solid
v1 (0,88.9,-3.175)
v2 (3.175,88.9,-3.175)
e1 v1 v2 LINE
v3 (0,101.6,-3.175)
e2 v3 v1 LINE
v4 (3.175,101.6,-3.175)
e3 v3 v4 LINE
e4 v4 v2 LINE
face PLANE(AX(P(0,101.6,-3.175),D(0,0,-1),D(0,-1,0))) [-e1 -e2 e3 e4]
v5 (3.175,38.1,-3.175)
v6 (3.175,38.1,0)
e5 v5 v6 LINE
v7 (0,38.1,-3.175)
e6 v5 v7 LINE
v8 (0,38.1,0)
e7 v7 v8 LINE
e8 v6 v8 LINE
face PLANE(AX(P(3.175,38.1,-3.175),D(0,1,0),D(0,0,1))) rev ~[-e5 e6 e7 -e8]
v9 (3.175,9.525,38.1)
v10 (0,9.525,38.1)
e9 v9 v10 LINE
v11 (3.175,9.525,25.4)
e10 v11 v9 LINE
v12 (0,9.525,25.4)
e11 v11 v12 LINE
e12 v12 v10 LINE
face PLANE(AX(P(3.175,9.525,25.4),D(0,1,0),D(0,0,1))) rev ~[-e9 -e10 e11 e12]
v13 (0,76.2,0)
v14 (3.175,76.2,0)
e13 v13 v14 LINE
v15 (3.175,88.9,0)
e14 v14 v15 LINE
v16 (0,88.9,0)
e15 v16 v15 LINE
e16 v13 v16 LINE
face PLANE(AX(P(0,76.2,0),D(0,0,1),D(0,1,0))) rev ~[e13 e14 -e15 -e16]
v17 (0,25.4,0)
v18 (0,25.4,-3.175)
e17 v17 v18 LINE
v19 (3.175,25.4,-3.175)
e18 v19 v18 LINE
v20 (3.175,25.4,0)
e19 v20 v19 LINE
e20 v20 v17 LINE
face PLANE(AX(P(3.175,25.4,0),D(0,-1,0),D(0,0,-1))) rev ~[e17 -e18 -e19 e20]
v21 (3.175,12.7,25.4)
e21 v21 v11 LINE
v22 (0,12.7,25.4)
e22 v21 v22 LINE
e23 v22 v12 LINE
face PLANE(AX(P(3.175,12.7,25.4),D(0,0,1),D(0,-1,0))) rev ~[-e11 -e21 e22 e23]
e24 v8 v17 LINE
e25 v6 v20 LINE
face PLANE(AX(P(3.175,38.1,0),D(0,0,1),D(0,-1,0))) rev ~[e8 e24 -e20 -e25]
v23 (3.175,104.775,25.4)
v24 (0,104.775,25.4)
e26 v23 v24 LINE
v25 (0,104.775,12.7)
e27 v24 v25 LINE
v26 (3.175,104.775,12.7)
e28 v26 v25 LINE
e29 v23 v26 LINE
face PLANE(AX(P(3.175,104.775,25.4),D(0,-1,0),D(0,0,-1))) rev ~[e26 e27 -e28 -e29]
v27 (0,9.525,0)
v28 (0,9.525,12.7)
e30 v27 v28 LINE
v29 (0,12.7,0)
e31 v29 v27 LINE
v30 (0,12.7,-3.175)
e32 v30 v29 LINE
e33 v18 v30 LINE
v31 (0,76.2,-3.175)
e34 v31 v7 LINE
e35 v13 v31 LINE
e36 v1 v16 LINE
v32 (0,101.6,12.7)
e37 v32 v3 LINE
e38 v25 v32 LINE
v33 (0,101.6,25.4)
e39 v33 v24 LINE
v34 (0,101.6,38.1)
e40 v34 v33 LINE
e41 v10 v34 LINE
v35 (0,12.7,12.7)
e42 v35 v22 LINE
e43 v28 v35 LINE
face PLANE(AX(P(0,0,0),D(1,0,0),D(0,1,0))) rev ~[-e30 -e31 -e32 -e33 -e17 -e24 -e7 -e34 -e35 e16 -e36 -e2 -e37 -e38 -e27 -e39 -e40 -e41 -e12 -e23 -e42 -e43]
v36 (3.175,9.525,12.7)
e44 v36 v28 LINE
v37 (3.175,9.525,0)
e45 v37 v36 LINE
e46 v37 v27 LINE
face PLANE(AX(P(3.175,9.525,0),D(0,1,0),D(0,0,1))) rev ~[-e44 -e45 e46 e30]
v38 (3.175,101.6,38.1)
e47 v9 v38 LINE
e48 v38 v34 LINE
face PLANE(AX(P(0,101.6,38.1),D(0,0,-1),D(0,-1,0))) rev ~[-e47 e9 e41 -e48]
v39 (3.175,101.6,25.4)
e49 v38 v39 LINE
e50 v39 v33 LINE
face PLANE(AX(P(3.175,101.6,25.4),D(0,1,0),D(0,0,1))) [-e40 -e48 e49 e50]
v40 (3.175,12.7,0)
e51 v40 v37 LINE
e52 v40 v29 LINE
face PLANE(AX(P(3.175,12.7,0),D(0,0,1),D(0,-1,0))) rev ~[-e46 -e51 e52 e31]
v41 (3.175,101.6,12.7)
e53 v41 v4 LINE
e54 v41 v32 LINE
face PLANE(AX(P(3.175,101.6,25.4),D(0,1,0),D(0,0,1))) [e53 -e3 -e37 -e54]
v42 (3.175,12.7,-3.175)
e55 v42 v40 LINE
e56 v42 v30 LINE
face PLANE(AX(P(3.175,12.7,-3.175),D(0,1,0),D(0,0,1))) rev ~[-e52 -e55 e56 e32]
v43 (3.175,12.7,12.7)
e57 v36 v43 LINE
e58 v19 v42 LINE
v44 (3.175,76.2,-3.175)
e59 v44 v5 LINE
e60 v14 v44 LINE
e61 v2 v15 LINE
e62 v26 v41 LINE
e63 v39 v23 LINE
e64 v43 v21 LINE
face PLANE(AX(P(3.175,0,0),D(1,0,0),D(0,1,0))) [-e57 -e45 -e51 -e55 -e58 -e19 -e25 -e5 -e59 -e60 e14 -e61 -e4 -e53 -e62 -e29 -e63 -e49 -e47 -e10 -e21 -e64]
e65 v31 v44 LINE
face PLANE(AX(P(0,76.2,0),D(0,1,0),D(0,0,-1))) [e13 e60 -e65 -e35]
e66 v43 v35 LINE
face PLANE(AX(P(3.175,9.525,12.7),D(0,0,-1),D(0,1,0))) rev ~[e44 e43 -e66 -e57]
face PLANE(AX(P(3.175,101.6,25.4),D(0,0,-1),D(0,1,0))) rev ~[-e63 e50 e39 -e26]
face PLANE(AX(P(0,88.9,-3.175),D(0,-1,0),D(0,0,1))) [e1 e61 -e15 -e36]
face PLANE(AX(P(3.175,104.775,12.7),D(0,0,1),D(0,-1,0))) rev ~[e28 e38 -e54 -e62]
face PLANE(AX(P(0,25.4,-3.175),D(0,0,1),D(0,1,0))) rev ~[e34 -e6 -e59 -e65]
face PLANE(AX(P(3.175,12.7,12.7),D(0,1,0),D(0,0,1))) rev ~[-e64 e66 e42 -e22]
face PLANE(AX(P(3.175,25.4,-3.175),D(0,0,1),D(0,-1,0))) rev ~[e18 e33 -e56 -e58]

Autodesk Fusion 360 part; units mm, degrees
sketch "Sketch1" plane through (0, 0, 0) normal (1, 0, 0) x (0, 1, 0)
  line L0 (0, 0) -> (101.6, 0)
  line L1 (101.6, 0) -> (101.6, 38.1)
  line L2 (101.6, 38.1) -> (0, 38.1)
  line L3 (0, 38.1) -> (0, 0)
  line L4 (0, 0) -> (0, -3.175)
  line L5 (0, -3.175) -> (12.7, -3.175)
  line L6 (12.7, -3.175) -> (12.7, 0)
  line L7 (12.7, 0) -> (25.4, 0)
  line L8 (25.4, 0) -> (25.4, -3.175)
  line L9 (25.4, -3.175) -> (38.1, -3.175)
  line L10 (38.1, -3.175) -> (38.1, 0)
  line L11 (101.6, 0) -> (101.6, -3.175)
  line L12 (101.6, -3.175) -> (88.9, -3.175)
  line L13 (88.9, -3.175) -> (88.9, 0)
  line L14 (88.9, 0) -> (76.2, 0)
  line L15 (76.2, 0) -> (76.2, -3.175)
  line L16 (76.2, -3.175) -> (63.5, -3.175)
  line L17 (63.5, -3.175) -> (63.5, 0)
  line L18 (101.6, 0) -> (104.775, 0)
  line L19 (104.775, 0) -> (104.775, 12.7)
  line L20 (104.775, 12.7) -> (101.6, 12.7)
  line L21 (101.6, 38.1) -> (104.775, 38.1)
  line L22 (104.775, 38.1) -> (104.775, 25.4)
  line L23 (104.775, 25.4) -> (101.6, 25.4)
  line L24 (0, 38.1) -> (-3.175, 38.1)
  line L25 (-3.175, 38.1) -> (-3.175, 25.4)
  line L26 (-3.175, 25.4) -> (0, 25.4)
  line L27 (0, 0) -> (-3.175, 0)
  line L28 (-3.175, 0) -> (-3.175, 12.7)
  line L29 (-3.175, 12.7) -> (0, 12.7)
  dimension "d1" = 101.6
  dimension "d2" = 38.1
  dimension "d3" = 3.175
  dimension "d4" = 12.7
  dimension "d5" = 12.7
  dimension "d6" = 3.175
  dimension "d7" = 12.7
  dimension "d8" = 3.175
  dimension "d9" = 12.7
  dimension "d10" = 12.7
  dimension "d11" = 3.175
  dimension "d12" = 12.7
  dimension "d13" = 3.175
  dimension "d14" = 12.7
  dimension "d15" = 3.175
  dimension "d16" = 12.7
  dimension "d17" = 3.175
  dimension "d18" = 12.7
  dimension "d19" = 3.175
  dimension "d20" = 12.7
extrude "Extrude1" add sketch "Sketch1" along normal blind 3.175
sketch "Sketch2" plane through (3.175, 0, 0) normal (1, 0, 0) x (0, 1, 0)
  line L0 (0, 0) -> (0, -3.175)
  line L1 (0, -3.175) -> (12.7, -3.175)
  line L2 (12.7, -3.175) -> (12.7, 0)
  line L3 (12.7, 0) -> (25.4, 0)
  line L4 (25.4, 0) -> (25.4, -3.175)
  line L5 (25.4, -3.175) -> (38.1, -3.175)
  line L6 (38.1, -3.175) -> (38.1, 0)
  line L7 (38.1, 0) -> (63.5, 0)
  line L8 (63.5, 0) -> (63.5, -3.175)
  line L9 (63.5, -3.175) -> (76.2, -3.175)
  line L10 (76.2, -3.175) -> (76.2, 0)
  line L11 (76.2, 0) -> (88.9, 0)
  line L12 (88.9, 0) -> (88.9, -3.175)
  line L13 (88.9, -3.175) -> (101.6, -3.175)
  line L14 (101.6, -3.175) -> (101.6, 0)
  line L15 (101.6, 0) -> (104.775, 0)
  line L16 (104.775, 0) -> (104.775, 12.7)
  line L17 (104.775, 12.7) -> (101.6, 12.7)
  line L18 (101.6, 12.7) -> (101.6, 25.4)
  line L19 (101.6, 25.4) -> (104.775, 25.4)
  line L20 (104.775, 25.4) -> (104.775, 38.1)
  line L21 (104.775, 38.1) -> (-3.175, 38.1)
  line L22 (-3.175, 38.1) -> (-3.175, 25.4)
  line L23 (-3.175, 25.4) -> (0, 25.4)
  line L24 (0, 25.4) -> (0, 12.7)
  line L25 (0, 12.7) -> (-3.175, 12.7)
  line L26 (-3.175, 12.7) -> (-3.175, 0)
  line L27 (-3.175, 0) -> (0, 0)
  line L28 (50.8, 0) -> (63.5, 0)
  line L29 (63.5, 0) -> (63.5, -3.175)
  line L30 (63.5, -3.175) -> (76.2, -3.175)
  line L31 (76.2, -3.175) -> (76.2, 0)
  line L32 (76.2, 0) -> (88.9, 0)
  line L33 (88.9, -3.175) -> (88.9, 0)
  line L34 (88.9, -3.175) -> (101.6, -3.175)
  line L35 (101.6, -3.175) -> (101.6, 0)
  line L36 (104.775, 0) -> (104.775, 12.7)
  line L37 (104.775, 12.7) -> (101.6, 12.7)
  line L38 (101.6, 12.7) -> (101.6, 25.4)
  line L39 (104.775, 25.4) -> (104.775, 38.1)
  line L40 (104.775, 38.1) -> (50.8, 38.1)
  line L41 (63.5, 0) -> (57.15, 0)
  line L42 (50.8, 38.1) -> (53.975, 38.1)
  line L43 (53.975, 38.1) -> (57.15, 38.1)
  line L44 (57.15, 38.1) -> (57.15, 0)
  line L45 (57.15, 38.1) -> (57.15, 0)
  line L46 (25.4, -3.175) -> (12.7, -3.175)
  line L47 (9.525, 25.4) -> (9.525, 38.1)
  line L48 (9.525, 12.7) -> (12.7, 12.7)
  line L49 (12.7, 12.7) -> (12.7, 25.4)
  line L50 (9.525, 0) -> (9.525, 12.7)
  line L51 (12.7, -3.175) -> (12.7, 0)
  line L52 (12.7, 0) -> (9.525, 0)
  line L53 (12.7, 25.4) -> (9.525, 25.4)
  line L54 (9.525, 12.7) -> (12.7, 12.7)
  line L55 (50.8, -3.175) -> (38.1, -3.175)
  line L56 (9.525, 0) -> (9.525, 12.7)
  line L57 (9.525, 25.4) -> (9.525, 38.1)
  line L58 (38.1, 0) -> (25.4, 0)
  line L59 (38.1, -3.175) -> (38.1, 0)
  line L60 (50.8, 0) -> (50.8, -3.175)
  line L61 (12.7, -3.175) -> (12.7, 0)
  line L62 (25.4, 0) -> (25.4, -3.175)
  line L63 (50.8, 0) -> (50.8, -3.175)
  line L64 (50.8, -3.175) -> (38.1, -3.175)
  line L65 (38.1, -3.175) -> (38.1, 0)
  line L66 (25.4, -3.175) -> (25.4, 0)
  line L67 (25.4, -3.175) -> (12.7, -3.175)
  line L68 (12.7, 12.7) -> (12.7, 25.4)
  line L69 (38.1, 0) -> (25.4, 0)
  line L70 (50.8, -3.175) -> (63.5, -3.175)
  point P0 (50.8, 0)
  dimension "d23" = 3.175
  dimension "d24" = 3.175
extrude "Extrude5" add sketch "Sketch2" against normal blind 3.175 contours L6 L7 L55 L59 L60 L63 L64 L65 | L7 L8 L28 L29 L41 L60 L63 L70
extrude "Extrude3" cut sketch "Sketch2" against normal blind 30.48 contours L0 L1 L2 L21 L22 L23 L24 L25 L26 L27 L47 L48 L49 L50 L51 L52 L53 L54 L56 L57 L61 L68
extrude "Extrude2" cut sketch "Sketch2" against normal blind 15.24 contours L0 L1 L2 L21 L22 L23 L24 L25 L26 L27 L47 L48 L49 L50 L51 L52 L53 L54 L56 L57 L61 L68 | L3 L7 L21 L28 L40 L42 L43 L44 L45 L47 L48 L49 L50 L52 L53 L54 L56 L57 L58 L68 L69 | L4 L5 L6 L58 L59 L62 L65 L66 L69
extrude "Extrude4" add sketch "Sketch2" against normal blind 3.175 contours L2 L3 L4 L46 L51 L61 L62 L66 L67 | L3 L7 L21 L28 L40 L42 L43 L44 L45 L47 L48 L49 L50 L52 L53 L54 L56 L57 L58 L68 L69 | L6 L7 L55 L59 L60 L63 L64 L65
sketch "Sketch3" plane through (3.175, 0, 0) normal (1, 0, 0) x (0, 1, 0)
  line L0 (38.1, -3.175) -> (76.2, -3.175)
  line L1 (76.2, -3.175) -> (76.2, 0)
  line L2 (76.2, 0) -> (88.9, 0)
  line L3 (88.9, 0) -> (88.9, -3.175)
  line L4 (88.9, -3.175) -> (101.6, -3.175)
  line L5 (101.6, -3.175) -> (101.6, 0)
  line L6 (101.6, 0) -> (104.775, 0)
  line L7 (104.775, 0) -> (104.775, 12.7)
  line L8 (104.775, 12.7) -> (101.6, 12.7)
  line L9 (101.6, 12.7) -> (101.6, 25.4)
  line L10 (101.6, 25.4) -> (104.775, 25.4)
  line L11 (104.775, 25.4) -> (104.775, 38.1)
  line L12 (104.775, 38.1) -> (9.525, 38.1)
  line L13 (9.525, 38.1) -> (9.525, 25.4)
  line L14 (9.525, 25.4) -> (12.7, 25.4)
  line L15 (12.7, 25.4) -> (12.7, 12.7)
  line L16 (12.7, 12.7) -> (9.525, 12.7)
  line L17 (9.525, 12.7) -> (9.525, 0)
  line L18 (9.525, 0) -> (12.7, 0)
  line L19 (12.7, 0) -> (12.7, -3.175)
  line L20 (12.7, -3.175) -> (25.4, -3.175)
  line L21 (25.4, -3.175) -> (25.4, 0)
  line L22 (25.4, 0) -> (38.1, 0)
  line L23 (38.1, 0) -> (38.1, -3.175)
  line L24 (12.7, 0) -> (12.7, -3.175)
  line L25 (12.7, -3.175) -> (25.4, -3.175)
  line L26 (25.4, -3.175) -> (25.4, 0)
  line L27 (38.1, 0) -> (25.4, 0)
  line L28 (38.1, 0) -> (38.1, -3.175)
  line L29 (38.1, -3.175) -> (76.2, -3.175)
  line L30 (76.2, 0) -> (76.2, -3.175)
  line L31 (76.2, 0) -> (88.9, 0)
  line L32 (88.9, -3.175) -> (88.9, 0)
  line L33 (88.9, -3.175) -> (101.6, -3.175)
  line L34 (101.6, -3.175) -> (101.6, 0)
  line L35 (101.6, 0) -> (104.775, 0)
  line L36 (104.775, 0) -> (104.775, 12.7)
  line L37 (104.775, 12.7) -> (101.6, 12.7)
  line L38 (101.6, 12.7) -> (101.6, 25.4)
  line L39 (101.6, 25.4) -> (104.775, 25.4)
  line L40 (104.775, 25.4) -> (104.775, 38.1)
  line L41 (104.775, 38.1) -> (9.525, 38.1)
  line L42 (9.525, 38.1) -> (9.525, 25.4)
  line L43 (9.525, 25.4) -> (12.7, 25.4)
  line L44 (12.7, 25.4) -> (12.7, 12.7)
  line L45 (12.7, 12.7) -> (9.525, 12.7)
  line L46 (9.525, 12.7) -> (9.525, 0)
  line L47 (9.525, 0) -> (12.7, 0)
sketch "Sketch4" plane through (3.175, 0, 0) normal (1, 0, 0) x (0, 1, 0)
  line L0 (38.1, -3.175) -> (76.2, -3.175)
  line L1 (76.2, -3.175) -> (76.2, 0)
  line L2 (76.2, 0) -> (88.9, 0)
  line L3 (88.9, 0) -> (88.9, -3.175)
  line L4 (88.9, -3.175) -> (101.6, -3.175)
  line L5 (101.6, -3.175) -> (101.6, 0)
  line L6 (101.6, 0) -> (104.775, 0)
  line L7 (104.775, 0) -> (104.775, 12.7)
  line L8 (104.775, 12.7) -> (101.6, 12.7)
  line L9 (101.6, 12.7) -> (101.6, 25.4)
  line L10 (101.6, 25.4) -> (104.775, 25.4)
  line L11 (104.775, 25.4) -> (104.775, 38.1)
  line L12 (104.775, 38.1) -> (9.525, 38.1)
  line L13 (9.525, 38.1) -> (9.525, 25.4)
  line L14 (9.525, 25.4) -> (12.7, 25.4)
  line L15 (12.7, 25.4) -> (12.7, 12.7)
  line L16 (12.7, 12.7) -> (9.525, 12.7)
  line L17 (9.525, 12.7) -> (9.525, 0)
  line L18 (9.525, 0) -> (12.7, 0)
  line L19 (12.7, 0) -> (12.7, -3.175)
  line L20 (12.7, -3.175) -> (25.4, -3.175)
  line L21 (25.4, -3.175) -> (25.4, 0)
  line L22 (25.4, 0) -> (38.1, 0)
  line L23 (38.1, 0) -> (38.1, -3.175)
  line L24 (101.6, 12.7) -> (104.775, 12.7)
  line L25 (104.775, 25.4) -> (104.775, 12.7)
  line L26 (104.775, 25.4) -> (101.6, 25.4)
  line L27 (101.6, 25.4) -> (101.6, 12.7)
  line L28 (101.6, 25.4) -> (101.6, 38.1)
  line L29 (101.6, 38.1) -> (104.775, 38.1)
  line L30 (104.775, 38.1) -> (104.775, 0)
  line L31 (104.775, 0) -> (101.6, 0)
  line L32 (101.6, 0) -> (101.6, 25.4)
extrude "Extrude7" cut sketch "Sketch4" against normal blind 5.08 contours L6 L7 L8 L24 L30 L31 L32 | L10 L11 L12 L26 L28 L29 L30
extrude "Extrude6" cut sketch "Sketch4" against normal blind 20.32 contours L6 L7 L8 L24 L30 L31 L32 | L10 L11 L12 L26 L28 L29 L30
extrude "Extrude8" add sketch "Sketch4" against normal blind 3.175 contours L8 L9 L10 L24 L25 L26 L27 L30 L32
